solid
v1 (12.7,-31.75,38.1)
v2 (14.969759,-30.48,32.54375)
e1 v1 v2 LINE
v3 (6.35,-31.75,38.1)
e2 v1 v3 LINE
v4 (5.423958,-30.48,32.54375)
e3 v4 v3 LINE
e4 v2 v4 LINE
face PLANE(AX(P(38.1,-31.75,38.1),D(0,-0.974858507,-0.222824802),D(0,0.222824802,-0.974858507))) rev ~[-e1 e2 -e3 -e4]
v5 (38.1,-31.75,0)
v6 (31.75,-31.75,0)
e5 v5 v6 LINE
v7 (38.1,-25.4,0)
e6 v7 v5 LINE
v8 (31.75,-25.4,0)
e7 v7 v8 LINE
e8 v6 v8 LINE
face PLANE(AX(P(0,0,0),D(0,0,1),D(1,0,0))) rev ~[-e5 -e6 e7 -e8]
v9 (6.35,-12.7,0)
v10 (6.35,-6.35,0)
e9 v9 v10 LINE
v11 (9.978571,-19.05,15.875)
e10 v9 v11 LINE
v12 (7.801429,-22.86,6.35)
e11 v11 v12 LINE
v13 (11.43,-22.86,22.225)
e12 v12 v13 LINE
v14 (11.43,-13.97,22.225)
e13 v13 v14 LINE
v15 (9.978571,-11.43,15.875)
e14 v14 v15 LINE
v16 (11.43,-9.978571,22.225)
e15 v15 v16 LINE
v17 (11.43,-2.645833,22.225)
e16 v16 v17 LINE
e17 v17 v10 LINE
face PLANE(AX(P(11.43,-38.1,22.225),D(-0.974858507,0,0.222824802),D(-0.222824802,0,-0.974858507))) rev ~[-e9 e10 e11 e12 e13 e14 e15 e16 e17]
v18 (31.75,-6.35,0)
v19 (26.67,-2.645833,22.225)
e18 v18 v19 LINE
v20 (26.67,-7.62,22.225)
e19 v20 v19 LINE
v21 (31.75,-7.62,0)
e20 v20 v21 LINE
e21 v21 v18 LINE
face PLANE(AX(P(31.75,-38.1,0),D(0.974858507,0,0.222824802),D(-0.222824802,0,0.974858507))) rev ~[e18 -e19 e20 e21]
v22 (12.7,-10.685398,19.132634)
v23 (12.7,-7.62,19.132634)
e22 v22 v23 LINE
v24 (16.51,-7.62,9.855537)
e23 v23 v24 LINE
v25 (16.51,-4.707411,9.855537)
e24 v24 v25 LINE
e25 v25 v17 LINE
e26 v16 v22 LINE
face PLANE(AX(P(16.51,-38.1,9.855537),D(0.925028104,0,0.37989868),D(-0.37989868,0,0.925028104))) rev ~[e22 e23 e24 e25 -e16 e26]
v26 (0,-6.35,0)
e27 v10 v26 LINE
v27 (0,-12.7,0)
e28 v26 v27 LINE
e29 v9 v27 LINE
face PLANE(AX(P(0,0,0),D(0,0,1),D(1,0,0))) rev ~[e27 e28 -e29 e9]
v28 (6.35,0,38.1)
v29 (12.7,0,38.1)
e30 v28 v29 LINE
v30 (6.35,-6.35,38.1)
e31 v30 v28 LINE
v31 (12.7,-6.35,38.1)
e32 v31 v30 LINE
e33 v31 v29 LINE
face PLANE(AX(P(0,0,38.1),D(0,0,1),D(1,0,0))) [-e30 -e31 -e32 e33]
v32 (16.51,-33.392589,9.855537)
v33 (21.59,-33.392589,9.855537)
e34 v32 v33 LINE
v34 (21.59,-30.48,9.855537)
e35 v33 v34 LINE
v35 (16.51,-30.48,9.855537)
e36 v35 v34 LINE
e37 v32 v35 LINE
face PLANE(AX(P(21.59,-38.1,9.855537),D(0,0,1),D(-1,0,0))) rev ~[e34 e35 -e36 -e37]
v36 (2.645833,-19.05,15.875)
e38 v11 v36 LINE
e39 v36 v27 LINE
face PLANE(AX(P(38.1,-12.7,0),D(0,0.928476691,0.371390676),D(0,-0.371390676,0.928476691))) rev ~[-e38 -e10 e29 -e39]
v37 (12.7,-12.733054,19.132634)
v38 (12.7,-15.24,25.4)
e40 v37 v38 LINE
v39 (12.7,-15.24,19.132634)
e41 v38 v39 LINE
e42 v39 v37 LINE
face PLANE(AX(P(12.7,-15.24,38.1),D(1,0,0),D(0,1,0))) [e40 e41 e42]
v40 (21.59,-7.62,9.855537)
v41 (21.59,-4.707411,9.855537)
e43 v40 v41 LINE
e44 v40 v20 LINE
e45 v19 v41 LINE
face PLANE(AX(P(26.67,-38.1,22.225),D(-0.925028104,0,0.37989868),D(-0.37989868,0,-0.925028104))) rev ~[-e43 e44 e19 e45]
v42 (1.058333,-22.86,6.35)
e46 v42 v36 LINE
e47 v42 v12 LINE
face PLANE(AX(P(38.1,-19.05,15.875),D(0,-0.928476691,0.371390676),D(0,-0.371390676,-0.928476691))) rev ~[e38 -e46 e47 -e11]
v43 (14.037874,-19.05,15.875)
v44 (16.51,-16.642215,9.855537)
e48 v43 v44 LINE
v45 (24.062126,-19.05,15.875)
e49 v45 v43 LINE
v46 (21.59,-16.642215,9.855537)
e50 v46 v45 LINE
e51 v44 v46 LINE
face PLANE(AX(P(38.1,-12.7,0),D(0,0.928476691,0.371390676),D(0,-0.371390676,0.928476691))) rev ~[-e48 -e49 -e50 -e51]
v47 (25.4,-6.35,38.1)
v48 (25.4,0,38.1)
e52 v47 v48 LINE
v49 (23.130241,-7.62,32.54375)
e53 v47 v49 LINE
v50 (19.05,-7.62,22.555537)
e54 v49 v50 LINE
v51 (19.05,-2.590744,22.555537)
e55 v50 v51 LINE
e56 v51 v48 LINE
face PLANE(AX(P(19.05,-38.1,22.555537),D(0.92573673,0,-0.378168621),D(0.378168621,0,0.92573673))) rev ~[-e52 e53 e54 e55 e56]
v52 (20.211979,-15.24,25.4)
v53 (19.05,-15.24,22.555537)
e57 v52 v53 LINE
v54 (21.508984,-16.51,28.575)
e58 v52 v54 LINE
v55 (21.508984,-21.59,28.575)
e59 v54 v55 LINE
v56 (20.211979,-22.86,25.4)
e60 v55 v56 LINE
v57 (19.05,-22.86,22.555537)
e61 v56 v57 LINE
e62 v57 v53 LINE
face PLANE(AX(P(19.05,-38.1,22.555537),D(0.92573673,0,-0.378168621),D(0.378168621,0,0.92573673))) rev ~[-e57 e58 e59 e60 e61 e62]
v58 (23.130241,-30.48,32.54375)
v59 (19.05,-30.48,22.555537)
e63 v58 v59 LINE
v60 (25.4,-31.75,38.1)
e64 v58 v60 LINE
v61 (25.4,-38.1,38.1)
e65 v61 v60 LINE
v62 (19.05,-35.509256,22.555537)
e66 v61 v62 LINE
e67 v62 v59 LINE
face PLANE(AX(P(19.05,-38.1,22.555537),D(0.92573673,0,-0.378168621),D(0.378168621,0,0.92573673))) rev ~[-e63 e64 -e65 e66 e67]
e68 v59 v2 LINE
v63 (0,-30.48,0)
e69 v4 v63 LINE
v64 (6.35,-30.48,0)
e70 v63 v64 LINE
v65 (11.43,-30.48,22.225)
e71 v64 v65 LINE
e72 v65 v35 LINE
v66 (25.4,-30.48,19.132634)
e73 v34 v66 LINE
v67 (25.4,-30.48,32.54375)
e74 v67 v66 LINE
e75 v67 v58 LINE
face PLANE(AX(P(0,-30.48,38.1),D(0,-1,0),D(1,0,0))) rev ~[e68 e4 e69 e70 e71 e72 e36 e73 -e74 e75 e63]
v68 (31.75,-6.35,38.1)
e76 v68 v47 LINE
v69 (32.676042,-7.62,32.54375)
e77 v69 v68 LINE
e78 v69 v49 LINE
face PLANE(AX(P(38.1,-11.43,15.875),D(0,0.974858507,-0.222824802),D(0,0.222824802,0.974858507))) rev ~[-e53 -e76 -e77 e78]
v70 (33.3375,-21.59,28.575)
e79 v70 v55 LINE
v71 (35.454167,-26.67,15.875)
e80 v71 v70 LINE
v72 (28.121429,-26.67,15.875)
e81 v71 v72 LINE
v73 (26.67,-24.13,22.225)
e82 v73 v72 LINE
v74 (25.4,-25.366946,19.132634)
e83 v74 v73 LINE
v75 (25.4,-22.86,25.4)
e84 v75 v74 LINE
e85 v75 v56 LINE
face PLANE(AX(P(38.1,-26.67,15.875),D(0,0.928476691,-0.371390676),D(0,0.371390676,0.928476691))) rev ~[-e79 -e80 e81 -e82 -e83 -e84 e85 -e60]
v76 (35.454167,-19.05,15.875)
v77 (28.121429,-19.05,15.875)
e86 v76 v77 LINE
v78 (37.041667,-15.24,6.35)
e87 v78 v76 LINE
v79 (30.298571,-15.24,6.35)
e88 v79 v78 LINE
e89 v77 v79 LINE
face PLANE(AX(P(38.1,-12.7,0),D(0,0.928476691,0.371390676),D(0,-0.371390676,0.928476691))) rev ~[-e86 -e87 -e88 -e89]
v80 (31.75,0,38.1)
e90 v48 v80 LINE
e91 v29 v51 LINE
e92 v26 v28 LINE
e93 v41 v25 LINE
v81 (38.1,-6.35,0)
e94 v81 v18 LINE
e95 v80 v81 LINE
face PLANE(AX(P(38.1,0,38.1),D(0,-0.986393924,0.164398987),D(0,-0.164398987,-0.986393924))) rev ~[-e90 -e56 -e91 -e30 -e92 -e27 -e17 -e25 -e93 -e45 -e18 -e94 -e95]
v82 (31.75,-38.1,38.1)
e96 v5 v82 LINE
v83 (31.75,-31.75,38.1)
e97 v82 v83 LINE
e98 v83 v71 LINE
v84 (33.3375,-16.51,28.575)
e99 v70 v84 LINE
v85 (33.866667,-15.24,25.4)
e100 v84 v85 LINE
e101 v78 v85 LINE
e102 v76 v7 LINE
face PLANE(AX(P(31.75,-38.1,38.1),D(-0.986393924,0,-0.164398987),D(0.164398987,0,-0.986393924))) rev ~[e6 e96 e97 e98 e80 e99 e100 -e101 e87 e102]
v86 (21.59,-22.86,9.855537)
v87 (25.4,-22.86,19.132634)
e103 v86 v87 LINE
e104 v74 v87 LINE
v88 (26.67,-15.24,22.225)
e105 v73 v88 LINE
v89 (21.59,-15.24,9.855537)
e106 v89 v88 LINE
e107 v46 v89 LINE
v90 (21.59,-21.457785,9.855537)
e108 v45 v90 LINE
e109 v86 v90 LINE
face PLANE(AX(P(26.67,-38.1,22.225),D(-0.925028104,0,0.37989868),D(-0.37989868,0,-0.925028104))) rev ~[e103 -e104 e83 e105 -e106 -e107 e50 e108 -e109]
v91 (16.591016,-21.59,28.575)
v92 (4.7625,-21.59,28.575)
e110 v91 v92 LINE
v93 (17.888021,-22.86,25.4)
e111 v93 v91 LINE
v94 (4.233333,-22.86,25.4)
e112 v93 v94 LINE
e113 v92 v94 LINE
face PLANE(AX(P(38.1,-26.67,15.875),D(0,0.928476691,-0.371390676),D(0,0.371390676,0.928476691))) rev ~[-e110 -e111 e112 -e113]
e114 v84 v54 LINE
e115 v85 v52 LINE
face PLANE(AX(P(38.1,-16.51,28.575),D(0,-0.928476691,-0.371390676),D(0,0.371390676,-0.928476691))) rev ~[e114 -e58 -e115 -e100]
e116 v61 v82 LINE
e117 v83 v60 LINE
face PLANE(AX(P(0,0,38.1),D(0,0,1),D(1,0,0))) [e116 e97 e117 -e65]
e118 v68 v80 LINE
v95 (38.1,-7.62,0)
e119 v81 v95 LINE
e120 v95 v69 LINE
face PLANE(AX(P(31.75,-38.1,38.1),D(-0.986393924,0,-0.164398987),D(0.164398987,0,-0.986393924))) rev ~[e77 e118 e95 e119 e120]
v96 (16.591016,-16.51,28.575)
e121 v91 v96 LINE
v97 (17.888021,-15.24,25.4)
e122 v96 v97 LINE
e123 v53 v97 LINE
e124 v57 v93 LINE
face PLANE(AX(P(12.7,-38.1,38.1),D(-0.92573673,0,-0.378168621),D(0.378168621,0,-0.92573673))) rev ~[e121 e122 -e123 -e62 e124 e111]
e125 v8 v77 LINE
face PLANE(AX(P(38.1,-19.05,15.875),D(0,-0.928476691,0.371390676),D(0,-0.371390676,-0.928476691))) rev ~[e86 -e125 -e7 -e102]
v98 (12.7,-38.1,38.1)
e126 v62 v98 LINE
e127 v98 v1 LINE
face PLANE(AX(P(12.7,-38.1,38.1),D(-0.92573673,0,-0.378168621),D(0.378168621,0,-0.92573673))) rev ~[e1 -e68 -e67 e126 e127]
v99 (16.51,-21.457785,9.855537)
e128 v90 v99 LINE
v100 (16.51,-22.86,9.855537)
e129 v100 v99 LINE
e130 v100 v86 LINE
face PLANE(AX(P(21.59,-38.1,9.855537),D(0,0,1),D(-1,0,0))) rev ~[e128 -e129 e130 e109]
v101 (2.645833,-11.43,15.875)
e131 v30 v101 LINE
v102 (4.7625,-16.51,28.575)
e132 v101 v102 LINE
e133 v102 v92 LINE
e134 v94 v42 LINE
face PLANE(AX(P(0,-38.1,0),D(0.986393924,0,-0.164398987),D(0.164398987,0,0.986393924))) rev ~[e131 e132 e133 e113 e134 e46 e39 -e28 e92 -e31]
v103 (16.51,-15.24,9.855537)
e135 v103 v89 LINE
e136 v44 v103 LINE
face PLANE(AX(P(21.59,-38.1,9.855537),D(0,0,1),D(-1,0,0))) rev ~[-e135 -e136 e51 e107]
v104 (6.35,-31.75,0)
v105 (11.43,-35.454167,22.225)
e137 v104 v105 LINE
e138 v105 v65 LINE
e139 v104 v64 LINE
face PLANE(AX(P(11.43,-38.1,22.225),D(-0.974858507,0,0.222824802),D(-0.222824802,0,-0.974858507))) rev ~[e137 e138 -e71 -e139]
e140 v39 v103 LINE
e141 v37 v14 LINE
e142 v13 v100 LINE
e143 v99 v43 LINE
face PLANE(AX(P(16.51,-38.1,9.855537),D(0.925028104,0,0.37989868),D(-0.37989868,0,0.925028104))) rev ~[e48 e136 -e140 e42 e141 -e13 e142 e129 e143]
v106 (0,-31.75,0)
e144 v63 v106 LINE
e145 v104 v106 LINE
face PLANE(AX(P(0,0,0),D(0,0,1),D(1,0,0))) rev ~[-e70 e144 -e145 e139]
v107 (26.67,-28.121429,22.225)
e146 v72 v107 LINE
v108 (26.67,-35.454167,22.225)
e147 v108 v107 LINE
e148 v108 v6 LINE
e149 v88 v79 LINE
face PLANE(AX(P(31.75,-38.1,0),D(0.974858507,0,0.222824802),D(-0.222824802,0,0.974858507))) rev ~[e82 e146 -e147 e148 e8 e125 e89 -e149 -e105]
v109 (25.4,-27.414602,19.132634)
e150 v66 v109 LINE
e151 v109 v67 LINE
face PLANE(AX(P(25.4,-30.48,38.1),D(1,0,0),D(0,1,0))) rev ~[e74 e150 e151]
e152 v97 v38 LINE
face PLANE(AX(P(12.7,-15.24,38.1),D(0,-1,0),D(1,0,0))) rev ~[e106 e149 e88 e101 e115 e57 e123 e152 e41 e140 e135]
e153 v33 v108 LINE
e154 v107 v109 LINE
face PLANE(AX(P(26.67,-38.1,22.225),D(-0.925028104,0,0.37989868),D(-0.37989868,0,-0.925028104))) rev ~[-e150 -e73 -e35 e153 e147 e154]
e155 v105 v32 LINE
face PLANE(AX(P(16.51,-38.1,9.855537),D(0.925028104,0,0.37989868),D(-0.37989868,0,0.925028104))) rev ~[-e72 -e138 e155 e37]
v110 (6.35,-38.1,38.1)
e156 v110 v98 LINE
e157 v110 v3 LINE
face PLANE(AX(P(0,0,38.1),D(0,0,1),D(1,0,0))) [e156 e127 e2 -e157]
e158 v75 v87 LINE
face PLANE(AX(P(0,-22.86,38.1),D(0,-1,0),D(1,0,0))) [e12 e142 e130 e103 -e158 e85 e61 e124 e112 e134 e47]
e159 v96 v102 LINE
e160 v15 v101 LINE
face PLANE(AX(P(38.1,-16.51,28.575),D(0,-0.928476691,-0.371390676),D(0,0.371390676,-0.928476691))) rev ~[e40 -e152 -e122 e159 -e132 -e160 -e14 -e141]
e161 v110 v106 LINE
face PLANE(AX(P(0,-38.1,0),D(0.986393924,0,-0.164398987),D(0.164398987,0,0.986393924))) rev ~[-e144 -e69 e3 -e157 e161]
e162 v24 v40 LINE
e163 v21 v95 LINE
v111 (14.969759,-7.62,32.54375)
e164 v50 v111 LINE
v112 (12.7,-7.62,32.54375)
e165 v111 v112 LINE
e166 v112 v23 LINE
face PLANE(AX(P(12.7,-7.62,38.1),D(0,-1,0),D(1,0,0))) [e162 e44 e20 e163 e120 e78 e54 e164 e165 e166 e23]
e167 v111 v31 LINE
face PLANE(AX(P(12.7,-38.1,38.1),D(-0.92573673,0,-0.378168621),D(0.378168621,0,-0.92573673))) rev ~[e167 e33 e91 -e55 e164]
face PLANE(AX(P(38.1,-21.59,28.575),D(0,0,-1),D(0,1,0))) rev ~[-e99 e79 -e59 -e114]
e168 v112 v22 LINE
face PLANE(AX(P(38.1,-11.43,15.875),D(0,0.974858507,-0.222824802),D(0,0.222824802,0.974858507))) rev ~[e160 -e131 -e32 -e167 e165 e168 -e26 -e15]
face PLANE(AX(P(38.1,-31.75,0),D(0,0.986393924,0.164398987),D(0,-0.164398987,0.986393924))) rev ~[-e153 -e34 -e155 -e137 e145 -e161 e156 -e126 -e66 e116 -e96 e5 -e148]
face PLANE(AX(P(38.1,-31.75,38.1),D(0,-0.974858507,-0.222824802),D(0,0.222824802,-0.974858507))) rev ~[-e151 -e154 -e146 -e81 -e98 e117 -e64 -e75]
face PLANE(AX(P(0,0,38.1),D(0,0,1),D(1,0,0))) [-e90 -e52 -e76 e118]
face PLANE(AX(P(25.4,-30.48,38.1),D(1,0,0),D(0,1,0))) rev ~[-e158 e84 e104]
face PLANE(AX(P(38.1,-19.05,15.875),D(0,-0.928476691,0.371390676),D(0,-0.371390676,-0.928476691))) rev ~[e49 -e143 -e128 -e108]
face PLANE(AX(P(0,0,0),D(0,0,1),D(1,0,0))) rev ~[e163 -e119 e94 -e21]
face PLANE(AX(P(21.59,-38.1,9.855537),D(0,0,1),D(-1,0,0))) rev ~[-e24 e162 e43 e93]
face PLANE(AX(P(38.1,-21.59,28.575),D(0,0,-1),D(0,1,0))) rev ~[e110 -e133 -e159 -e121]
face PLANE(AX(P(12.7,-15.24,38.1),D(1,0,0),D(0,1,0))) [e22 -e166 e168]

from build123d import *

# Parameters (mm, degrees)
F0_W      = 38.1
F0_H      = 38.1
F1_DEPTH  = 38.1
F6_DEPTH  = 38.1
F8_DEPTH  = 38.1
F9_W      = 25.4
F9_H      = 7.62
F10_DEPTH = 38.1


with BuildPart() as f1:
    # F0 (on Front) → F1 (new body)
    with BuildSketch(Plane.XZ):
        with Locations((19.05, 19.05)):
            Rectangle(F0_W, F0_H)
    extrude(amount=F1_DEPTH)

    # F5 (on offset) → F6 (cut)
    with BuildSketch(Plane.YZ.offset(38.1)):
        Polygon((-11.43, 15.875), (-6.35, 38.1), (-31.75, 38.1), (-26.67, 15.875), (-21.59, 28.575), (-16.51, 28.575), align=None)
        Polygon((-38.1, 0), (-31.75, 0), (-38.1, 38.1), align=None)
        Polygon((-25.4, 0), (-12.7, 0), (-19.05, 15.875), align=None)
        Polygon((-6.35, 0), (0, 0), (0, 38.1), align=None)
    extrude(amount=-F6_DEPTH, mode=Mode.SUBTRACT)

    # F7 (on offset) → F8 (cut)
    with BuildSketch(Plane.XZ.offset(38.1)):
        Polygon((0, 38.1), (0, 0), (6.35, 38.1), align=None)
        Polygon((25.4, 38.1), (12.7, 38.1), (19.05, 22.555536744), align=None)
        Polygon((31.75, 38.1), (38.1, 0), (38.1, 38.1), align=None)
        Polygon((11.43, 22.225), (6.35, 0), (31.75, 0), (26.67, 22.225), (21.59, 9.855536744), (16.51, 9.855536744), align=None)
    extrude(amount=-F8_DEPTH, mode=Mode.SUBTRACT)

    # F9 (on offset) → F10 (cut)
    with BuildSketch(Plane.XY.offset(38.1)):
        with Locations((25.4, -11.43)):
            Rectangle(F9_W, F9_H)
        with Locations((12.7, -26.67)):
            Rectangle(F9_W, F9_H)
    extrude(amount=-F10_DEPTH, mode=Mode.SUBTRACT)


solid = f1.part
